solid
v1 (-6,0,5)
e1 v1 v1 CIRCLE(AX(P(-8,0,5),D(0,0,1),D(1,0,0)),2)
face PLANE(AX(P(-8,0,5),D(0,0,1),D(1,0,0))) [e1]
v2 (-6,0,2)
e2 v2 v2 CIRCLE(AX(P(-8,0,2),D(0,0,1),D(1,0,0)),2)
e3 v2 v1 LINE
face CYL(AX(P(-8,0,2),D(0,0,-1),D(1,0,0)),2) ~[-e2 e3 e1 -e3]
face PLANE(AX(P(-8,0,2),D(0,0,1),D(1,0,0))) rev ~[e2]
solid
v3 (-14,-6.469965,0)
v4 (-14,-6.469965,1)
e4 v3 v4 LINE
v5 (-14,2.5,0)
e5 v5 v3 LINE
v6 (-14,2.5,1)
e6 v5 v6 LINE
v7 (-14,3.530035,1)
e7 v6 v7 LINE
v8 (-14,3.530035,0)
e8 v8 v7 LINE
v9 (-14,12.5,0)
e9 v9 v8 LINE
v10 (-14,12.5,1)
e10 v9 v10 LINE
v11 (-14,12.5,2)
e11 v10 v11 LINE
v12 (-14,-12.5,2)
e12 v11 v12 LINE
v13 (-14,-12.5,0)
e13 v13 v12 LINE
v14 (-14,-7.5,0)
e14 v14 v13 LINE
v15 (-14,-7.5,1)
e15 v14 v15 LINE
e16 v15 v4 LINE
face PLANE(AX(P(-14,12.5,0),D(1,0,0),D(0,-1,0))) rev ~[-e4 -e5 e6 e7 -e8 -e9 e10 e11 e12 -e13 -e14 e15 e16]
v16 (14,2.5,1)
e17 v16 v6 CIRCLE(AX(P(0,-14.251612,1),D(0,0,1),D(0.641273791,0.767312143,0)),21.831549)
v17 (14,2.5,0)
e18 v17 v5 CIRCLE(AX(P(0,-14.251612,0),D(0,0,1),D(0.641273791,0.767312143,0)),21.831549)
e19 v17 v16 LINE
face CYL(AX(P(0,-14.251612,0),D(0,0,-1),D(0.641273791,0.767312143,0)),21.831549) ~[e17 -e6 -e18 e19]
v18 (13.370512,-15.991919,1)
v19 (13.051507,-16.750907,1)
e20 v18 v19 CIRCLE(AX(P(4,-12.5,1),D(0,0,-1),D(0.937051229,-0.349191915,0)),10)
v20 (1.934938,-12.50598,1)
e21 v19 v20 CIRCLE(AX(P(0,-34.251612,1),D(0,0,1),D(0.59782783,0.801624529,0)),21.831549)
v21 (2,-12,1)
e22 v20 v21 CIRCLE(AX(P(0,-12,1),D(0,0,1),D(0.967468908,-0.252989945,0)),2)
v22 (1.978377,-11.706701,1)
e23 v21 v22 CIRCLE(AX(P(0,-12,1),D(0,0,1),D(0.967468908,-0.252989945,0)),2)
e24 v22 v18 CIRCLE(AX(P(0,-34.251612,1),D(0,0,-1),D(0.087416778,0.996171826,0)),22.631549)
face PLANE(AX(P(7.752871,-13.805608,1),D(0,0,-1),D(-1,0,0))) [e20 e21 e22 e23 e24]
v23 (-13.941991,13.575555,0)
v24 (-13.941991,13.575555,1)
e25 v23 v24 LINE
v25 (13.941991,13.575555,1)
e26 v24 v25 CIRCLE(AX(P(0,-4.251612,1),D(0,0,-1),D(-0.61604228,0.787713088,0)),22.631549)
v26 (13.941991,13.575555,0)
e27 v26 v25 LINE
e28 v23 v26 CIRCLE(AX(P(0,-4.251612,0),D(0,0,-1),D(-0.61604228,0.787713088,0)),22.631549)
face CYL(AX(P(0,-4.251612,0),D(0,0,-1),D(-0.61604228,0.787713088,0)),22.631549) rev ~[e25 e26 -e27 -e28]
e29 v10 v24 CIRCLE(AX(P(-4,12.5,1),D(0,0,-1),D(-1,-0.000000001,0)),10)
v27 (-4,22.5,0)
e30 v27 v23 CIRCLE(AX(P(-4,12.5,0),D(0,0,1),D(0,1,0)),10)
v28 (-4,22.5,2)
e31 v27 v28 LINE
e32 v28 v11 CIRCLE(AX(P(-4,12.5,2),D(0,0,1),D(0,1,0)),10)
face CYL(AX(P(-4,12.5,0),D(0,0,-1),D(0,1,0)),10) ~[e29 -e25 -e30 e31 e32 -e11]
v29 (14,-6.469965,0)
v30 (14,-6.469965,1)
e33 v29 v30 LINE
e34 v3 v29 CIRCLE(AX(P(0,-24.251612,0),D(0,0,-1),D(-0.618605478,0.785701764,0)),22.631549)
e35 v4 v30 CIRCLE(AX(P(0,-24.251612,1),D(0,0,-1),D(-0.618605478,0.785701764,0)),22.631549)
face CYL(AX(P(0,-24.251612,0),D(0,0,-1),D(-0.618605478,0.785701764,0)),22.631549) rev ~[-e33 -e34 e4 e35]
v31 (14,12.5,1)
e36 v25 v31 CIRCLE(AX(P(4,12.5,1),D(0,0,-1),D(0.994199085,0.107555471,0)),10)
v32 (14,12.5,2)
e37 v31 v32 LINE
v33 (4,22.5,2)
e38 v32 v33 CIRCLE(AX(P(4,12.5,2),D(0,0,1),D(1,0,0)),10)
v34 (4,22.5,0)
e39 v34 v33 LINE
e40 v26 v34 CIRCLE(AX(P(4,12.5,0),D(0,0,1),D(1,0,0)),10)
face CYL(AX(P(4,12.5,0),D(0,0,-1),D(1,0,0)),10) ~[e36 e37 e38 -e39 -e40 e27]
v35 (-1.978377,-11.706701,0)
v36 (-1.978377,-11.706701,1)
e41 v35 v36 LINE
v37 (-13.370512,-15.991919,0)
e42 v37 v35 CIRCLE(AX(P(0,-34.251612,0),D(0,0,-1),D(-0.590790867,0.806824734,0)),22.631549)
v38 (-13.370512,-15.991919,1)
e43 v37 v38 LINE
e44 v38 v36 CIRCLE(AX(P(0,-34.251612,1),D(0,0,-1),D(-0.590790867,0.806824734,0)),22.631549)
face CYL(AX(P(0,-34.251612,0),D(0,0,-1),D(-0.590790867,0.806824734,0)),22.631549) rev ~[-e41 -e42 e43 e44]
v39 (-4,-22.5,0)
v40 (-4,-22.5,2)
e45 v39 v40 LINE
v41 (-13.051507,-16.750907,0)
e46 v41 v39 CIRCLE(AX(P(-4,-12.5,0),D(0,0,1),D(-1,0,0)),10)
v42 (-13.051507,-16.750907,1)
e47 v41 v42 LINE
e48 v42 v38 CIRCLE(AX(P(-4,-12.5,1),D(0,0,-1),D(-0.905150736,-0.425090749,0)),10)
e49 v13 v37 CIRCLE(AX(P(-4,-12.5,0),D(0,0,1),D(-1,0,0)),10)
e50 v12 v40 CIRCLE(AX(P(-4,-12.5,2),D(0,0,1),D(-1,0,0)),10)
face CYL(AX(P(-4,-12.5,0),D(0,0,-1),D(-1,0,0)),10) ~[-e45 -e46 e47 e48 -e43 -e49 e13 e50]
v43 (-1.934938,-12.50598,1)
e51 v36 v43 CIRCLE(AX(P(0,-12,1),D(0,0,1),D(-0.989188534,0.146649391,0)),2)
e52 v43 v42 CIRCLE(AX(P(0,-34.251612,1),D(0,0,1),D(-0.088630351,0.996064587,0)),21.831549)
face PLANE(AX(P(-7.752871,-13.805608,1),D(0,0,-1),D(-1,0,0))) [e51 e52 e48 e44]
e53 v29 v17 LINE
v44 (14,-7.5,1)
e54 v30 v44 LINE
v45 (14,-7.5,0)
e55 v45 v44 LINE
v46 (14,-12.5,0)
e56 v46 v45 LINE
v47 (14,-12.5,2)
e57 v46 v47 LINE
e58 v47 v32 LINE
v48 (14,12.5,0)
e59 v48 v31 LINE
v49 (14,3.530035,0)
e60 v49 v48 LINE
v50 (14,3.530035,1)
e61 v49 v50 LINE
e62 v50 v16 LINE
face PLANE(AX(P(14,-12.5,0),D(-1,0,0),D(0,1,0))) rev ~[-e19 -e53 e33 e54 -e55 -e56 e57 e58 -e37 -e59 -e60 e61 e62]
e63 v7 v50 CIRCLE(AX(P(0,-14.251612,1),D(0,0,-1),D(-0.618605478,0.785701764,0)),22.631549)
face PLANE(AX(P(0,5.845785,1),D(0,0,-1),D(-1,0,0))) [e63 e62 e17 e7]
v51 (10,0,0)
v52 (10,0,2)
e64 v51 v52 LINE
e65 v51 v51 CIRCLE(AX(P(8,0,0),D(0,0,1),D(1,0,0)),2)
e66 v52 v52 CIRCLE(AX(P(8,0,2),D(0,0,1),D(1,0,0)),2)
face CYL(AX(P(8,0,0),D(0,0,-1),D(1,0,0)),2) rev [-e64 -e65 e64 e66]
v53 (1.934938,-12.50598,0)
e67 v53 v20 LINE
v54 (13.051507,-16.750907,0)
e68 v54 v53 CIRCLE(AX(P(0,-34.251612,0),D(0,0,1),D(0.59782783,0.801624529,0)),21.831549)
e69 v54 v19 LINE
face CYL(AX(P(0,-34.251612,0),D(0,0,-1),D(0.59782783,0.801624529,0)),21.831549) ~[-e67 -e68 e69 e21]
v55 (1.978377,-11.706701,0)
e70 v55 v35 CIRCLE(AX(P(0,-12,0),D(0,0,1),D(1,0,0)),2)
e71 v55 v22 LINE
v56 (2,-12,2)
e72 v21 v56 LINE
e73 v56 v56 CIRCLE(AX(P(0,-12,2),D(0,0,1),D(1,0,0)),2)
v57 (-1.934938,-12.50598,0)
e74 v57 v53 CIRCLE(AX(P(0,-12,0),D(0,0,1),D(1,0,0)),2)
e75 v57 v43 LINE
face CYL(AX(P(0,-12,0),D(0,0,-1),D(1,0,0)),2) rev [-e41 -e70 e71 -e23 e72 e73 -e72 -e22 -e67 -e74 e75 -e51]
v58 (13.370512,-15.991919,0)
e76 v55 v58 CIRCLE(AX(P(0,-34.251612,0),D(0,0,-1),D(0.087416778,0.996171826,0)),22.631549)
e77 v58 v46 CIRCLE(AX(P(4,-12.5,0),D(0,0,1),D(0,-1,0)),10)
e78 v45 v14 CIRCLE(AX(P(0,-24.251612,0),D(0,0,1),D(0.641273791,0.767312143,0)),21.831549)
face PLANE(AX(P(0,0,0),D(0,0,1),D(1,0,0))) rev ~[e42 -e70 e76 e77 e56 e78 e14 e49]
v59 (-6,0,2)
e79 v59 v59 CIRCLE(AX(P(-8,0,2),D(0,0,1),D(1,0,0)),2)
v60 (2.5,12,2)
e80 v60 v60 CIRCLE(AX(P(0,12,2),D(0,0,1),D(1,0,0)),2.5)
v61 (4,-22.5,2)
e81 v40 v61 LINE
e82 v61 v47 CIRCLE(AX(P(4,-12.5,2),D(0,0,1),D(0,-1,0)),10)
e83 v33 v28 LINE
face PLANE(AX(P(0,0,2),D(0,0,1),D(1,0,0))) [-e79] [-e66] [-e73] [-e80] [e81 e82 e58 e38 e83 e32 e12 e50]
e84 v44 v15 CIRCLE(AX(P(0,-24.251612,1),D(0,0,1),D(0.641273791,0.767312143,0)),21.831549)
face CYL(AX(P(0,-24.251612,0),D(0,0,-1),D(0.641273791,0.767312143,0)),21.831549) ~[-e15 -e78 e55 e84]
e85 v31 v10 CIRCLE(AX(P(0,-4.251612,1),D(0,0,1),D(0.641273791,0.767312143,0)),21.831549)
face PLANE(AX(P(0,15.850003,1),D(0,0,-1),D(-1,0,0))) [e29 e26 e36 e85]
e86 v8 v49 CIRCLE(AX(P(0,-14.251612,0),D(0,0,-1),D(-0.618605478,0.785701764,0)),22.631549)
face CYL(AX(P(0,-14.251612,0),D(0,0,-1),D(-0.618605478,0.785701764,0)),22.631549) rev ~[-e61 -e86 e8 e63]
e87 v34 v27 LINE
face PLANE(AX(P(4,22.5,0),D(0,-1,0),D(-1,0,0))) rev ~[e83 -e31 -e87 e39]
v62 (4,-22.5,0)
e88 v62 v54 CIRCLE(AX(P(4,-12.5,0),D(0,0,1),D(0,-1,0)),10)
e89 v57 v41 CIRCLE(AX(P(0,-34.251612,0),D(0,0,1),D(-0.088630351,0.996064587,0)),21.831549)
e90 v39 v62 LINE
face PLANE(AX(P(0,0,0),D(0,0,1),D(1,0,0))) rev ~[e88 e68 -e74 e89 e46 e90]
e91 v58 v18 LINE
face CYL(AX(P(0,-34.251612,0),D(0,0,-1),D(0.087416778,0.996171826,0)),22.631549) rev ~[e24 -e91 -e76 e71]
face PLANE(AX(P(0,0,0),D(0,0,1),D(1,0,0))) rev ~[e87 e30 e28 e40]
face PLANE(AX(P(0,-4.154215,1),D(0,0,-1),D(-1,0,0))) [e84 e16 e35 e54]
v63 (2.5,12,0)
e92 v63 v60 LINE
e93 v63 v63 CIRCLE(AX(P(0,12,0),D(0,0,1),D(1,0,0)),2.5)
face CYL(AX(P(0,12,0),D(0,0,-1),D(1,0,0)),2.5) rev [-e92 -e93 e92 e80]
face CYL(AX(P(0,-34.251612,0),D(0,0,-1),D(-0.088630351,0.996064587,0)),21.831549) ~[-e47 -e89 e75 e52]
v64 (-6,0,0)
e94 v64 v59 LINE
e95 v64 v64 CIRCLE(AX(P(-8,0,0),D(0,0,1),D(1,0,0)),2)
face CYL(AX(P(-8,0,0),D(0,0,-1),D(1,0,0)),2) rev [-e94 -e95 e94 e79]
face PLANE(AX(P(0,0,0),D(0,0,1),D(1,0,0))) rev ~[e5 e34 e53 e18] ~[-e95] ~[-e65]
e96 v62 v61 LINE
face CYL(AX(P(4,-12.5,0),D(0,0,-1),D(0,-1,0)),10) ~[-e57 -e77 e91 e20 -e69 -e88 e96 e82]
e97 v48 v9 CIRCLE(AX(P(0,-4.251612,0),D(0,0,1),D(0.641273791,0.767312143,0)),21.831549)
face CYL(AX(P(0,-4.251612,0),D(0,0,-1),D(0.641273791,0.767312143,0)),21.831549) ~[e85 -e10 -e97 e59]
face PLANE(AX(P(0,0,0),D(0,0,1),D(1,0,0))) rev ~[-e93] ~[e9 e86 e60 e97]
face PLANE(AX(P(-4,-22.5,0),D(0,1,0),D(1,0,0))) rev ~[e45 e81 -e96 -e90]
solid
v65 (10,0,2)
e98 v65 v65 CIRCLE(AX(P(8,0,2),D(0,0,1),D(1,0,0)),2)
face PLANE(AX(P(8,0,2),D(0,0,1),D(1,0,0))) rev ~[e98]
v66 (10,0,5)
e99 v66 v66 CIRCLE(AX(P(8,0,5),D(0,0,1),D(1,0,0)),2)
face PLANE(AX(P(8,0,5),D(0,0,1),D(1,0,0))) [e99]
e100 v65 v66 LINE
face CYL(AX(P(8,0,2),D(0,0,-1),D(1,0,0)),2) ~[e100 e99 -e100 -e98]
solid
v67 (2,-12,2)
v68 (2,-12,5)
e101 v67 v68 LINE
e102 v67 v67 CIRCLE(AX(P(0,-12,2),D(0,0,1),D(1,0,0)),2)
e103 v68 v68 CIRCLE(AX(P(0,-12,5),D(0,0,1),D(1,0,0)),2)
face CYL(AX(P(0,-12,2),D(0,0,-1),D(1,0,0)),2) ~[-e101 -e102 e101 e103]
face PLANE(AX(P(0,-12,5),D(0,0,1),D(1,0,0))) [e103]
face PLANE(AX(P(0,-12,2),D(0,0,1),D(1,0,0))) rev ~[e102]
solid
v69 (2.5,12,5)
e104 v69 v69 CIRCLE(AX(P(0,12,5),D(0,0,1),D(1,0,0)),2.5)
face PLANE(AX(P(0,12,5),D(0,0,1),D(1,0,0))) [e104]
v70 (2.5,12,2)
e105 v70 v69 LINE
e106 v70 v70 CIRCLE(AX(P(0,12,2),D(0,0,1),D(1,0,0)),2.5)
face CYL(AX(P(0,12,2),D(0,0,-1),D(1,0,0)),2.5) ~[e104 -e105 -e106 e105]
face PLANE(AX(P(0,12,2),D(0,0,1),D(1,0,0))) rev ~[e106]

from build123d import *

# Parameters (mm, degrees)
CROQUIS1_R                = 2.5
CROQUIS1_R_2              = 2
SALIENTE_EXTRUIR1_DEPTH   = 2
CROQUIS2_R                = 2
SALIENTE_EXTRUIR2_DEPTH   = 3
SALIENTE_EXTRUIR2_2_DEPTH = 3
SALIENTE_EXTRUIR2_3_DEPTH = 3
CROQUIS2_R_2              = 2.5
SALIENTE_EXTRUIR2_4_DEPTH = 3
CORTAR_EXTRUIR1_DEPTH     = 1


with BuildPart() as part:
    # Croquis1 → Saliente-Extruir1 (new body)
    with BuildSketch(Plane.XY):
        with BuildLine():
            Line((-4, -22.5), (4, -22.5))
            ThreePointArc((4, -22.5), (11.071067812, -19.571067812), (14, -12.5))
            Line((14, -12.5), (14, 12.5))
            ThreePointArc((14, 12.5), (11.071067812, 19.571067812), (4, 22.5))
            Line((4, 22.5), (-4, 22.5))
            ThreePointArc((-4, 22.5), (-11.071067812, 19.571067812), (-14, 12.5))
            Line((-14, 12.5), (-14, -12.5))
            ThreePointArc((-14, -12.5), (-11.071067812, -19.571067812), (-4, -22.5))
        make_face()
        with Locations((0, 12)):
            Circle(CROQUIS1_R, mode=Mode.SUBTRACT)
        with Locations((0, -12)):
            Circle(CROQUIS1_R_2, mode=Mode.SUBTRACT)
        with Locations((-8, 0)):
            Circle(CROQUIS1_R_2, mode=Mode.SUBTRACT)
        with Locations((8, 0)):
            Circle(CROQUIS1_R_2, mode=Mode.SUBTRACT)
    extrude(amount=SALIENTE_EXTRUIR1_DEPTH)

    # Croquis3 → Cortar-Extruir1 (cut)
    with BuildSketch(Plane(origin=(0, 0, 0), x_dir=(-1, 0, 0), z_dir=(0, 0, -1))):
        with BuildLine():
            ThreePointArc((-13.941990851, 13.575554705), (-13.985487182, 13.038558953), (-14, 12.5))
            ThreePointArc((-14, 12.5), (0, 17.579936281), (14, 12.5))
            ThreePointArc((14, 12.5), (13.985487182, 13.038558953), (13.941990851, 13.575554705))
            ThreePointArc((13.941990851, 13.575554705), (0, 18.379936281), (-13.941990851, 13.575554705))
        make_face()
        with BuildLine():
            Line((-14, 3.530035327), (-14, 2.5))
            ThreePointArc((-14, 2.5), (0, 7.579936281), (14, 2.5))
            Line((14, 2.5), (14, 3.530035327))
            ThreePointArc((14, 3.530035327), (0, 8.379936281), (-14, 3.530035327))
        make_face()
        with BuildLine():
            Line((-14, -6.469964673), (-14, -7.5))
            ThreePointArc((-14, -7.5), (0, -2.420063719), (14, -7.5))
            Line((14, -7.5), (14, -6.469964673))
            ThreePointArc((14, -6.469964673), (0, -1.620063719), (-14, -6.469964673))
        make_face()
        with BuildLine():
            ThreePointArc((-1.978377069, -11.706701226), (-7.967927856, -13.069093159), (-13.370512288, -15.991919166))
            ThreePointArc((-13.370512288, -15.991919166), (-13.218824107, -16.374697677), (-13.051507373, -16.750907464))
            ThreePointArc((-13.051507373, -16.750907464), (-7.788018836, -13.856434527), (-1.934937817, -12.505979886))
            ThreePointArc((-1.934937817, -12.505979886), (-1.997052815, -12.108535966), (-1.978377069, -11.706701226))
        make_face()
        with BuildLine():
            ThreePointArc((13.370512288, -15.991919166), (7.967927856, -13.069093159), (1.978377069, -11.706701226))
            ThreePointArc((1.978377069, -11.706701226), (1.997052815, -12.108535966), (1.934937817, -12.505979886))
            ThreePointArc((1.934937817, -12.505979886), (7.788018836, -13.856434527), (13.051507373, -16.750907464))
            ThreePointArc((13.051507373, -16.750907464), (13.218824107, -16.374697677), (13.370512288, -15.991919166))
        make_face()
    extrude(amount=-CORTAR_EXTRUIR1_DEPTH, mode=Mode.SUBTRACT)


with BuildPart() as body_2:
    # Croquis2 → Saliente-Extruir2 (new body)
    with BuildSketch(Plane.XY.offset(2)):
        with Locations((8, 0)):
            Circle(CROQUIS2_R)
    extrude(amount=SALIENTE_EXTRUIR2_DEPTH)


with BuildPart() as body_3:
    # Croquis2 → Saliente-Extruir2 2 (new body)
    with BuildSketch(Plane.XY.offset(2)):
        with Locations((0, -12)):
            Circle(CROQUIS2_R)
    extrude(amount=SALIENTE_EXTRUIR2_2_DEPTH)


with BuildPart() as body_4:
    # Croquis2 → Saliente-Extruir2 3 (new body)
    with BuildSketch(Plane.XY.offset(2)):
        with Locations((-8, 0)):
            Circle(CROQUIS2_R)
    extrude(amount=SALIENTE_EXTRUIR2_3_DEPTH)


with BuildPart() as body_5:
    # Croquis2 → Saliente-Extruir2 4 (new body)
    with BuildSketch(Plane.XY.offset(2)):
        with Locations((0, 12)):
            Circle(CROQUIS2_R_2)
    extrude(amount=SALIENTE_EXTRUIR2_4_DEPTH)


solid = Compound([part.part, body_2.part, body_3.part, body_4.part, body_5.part])
